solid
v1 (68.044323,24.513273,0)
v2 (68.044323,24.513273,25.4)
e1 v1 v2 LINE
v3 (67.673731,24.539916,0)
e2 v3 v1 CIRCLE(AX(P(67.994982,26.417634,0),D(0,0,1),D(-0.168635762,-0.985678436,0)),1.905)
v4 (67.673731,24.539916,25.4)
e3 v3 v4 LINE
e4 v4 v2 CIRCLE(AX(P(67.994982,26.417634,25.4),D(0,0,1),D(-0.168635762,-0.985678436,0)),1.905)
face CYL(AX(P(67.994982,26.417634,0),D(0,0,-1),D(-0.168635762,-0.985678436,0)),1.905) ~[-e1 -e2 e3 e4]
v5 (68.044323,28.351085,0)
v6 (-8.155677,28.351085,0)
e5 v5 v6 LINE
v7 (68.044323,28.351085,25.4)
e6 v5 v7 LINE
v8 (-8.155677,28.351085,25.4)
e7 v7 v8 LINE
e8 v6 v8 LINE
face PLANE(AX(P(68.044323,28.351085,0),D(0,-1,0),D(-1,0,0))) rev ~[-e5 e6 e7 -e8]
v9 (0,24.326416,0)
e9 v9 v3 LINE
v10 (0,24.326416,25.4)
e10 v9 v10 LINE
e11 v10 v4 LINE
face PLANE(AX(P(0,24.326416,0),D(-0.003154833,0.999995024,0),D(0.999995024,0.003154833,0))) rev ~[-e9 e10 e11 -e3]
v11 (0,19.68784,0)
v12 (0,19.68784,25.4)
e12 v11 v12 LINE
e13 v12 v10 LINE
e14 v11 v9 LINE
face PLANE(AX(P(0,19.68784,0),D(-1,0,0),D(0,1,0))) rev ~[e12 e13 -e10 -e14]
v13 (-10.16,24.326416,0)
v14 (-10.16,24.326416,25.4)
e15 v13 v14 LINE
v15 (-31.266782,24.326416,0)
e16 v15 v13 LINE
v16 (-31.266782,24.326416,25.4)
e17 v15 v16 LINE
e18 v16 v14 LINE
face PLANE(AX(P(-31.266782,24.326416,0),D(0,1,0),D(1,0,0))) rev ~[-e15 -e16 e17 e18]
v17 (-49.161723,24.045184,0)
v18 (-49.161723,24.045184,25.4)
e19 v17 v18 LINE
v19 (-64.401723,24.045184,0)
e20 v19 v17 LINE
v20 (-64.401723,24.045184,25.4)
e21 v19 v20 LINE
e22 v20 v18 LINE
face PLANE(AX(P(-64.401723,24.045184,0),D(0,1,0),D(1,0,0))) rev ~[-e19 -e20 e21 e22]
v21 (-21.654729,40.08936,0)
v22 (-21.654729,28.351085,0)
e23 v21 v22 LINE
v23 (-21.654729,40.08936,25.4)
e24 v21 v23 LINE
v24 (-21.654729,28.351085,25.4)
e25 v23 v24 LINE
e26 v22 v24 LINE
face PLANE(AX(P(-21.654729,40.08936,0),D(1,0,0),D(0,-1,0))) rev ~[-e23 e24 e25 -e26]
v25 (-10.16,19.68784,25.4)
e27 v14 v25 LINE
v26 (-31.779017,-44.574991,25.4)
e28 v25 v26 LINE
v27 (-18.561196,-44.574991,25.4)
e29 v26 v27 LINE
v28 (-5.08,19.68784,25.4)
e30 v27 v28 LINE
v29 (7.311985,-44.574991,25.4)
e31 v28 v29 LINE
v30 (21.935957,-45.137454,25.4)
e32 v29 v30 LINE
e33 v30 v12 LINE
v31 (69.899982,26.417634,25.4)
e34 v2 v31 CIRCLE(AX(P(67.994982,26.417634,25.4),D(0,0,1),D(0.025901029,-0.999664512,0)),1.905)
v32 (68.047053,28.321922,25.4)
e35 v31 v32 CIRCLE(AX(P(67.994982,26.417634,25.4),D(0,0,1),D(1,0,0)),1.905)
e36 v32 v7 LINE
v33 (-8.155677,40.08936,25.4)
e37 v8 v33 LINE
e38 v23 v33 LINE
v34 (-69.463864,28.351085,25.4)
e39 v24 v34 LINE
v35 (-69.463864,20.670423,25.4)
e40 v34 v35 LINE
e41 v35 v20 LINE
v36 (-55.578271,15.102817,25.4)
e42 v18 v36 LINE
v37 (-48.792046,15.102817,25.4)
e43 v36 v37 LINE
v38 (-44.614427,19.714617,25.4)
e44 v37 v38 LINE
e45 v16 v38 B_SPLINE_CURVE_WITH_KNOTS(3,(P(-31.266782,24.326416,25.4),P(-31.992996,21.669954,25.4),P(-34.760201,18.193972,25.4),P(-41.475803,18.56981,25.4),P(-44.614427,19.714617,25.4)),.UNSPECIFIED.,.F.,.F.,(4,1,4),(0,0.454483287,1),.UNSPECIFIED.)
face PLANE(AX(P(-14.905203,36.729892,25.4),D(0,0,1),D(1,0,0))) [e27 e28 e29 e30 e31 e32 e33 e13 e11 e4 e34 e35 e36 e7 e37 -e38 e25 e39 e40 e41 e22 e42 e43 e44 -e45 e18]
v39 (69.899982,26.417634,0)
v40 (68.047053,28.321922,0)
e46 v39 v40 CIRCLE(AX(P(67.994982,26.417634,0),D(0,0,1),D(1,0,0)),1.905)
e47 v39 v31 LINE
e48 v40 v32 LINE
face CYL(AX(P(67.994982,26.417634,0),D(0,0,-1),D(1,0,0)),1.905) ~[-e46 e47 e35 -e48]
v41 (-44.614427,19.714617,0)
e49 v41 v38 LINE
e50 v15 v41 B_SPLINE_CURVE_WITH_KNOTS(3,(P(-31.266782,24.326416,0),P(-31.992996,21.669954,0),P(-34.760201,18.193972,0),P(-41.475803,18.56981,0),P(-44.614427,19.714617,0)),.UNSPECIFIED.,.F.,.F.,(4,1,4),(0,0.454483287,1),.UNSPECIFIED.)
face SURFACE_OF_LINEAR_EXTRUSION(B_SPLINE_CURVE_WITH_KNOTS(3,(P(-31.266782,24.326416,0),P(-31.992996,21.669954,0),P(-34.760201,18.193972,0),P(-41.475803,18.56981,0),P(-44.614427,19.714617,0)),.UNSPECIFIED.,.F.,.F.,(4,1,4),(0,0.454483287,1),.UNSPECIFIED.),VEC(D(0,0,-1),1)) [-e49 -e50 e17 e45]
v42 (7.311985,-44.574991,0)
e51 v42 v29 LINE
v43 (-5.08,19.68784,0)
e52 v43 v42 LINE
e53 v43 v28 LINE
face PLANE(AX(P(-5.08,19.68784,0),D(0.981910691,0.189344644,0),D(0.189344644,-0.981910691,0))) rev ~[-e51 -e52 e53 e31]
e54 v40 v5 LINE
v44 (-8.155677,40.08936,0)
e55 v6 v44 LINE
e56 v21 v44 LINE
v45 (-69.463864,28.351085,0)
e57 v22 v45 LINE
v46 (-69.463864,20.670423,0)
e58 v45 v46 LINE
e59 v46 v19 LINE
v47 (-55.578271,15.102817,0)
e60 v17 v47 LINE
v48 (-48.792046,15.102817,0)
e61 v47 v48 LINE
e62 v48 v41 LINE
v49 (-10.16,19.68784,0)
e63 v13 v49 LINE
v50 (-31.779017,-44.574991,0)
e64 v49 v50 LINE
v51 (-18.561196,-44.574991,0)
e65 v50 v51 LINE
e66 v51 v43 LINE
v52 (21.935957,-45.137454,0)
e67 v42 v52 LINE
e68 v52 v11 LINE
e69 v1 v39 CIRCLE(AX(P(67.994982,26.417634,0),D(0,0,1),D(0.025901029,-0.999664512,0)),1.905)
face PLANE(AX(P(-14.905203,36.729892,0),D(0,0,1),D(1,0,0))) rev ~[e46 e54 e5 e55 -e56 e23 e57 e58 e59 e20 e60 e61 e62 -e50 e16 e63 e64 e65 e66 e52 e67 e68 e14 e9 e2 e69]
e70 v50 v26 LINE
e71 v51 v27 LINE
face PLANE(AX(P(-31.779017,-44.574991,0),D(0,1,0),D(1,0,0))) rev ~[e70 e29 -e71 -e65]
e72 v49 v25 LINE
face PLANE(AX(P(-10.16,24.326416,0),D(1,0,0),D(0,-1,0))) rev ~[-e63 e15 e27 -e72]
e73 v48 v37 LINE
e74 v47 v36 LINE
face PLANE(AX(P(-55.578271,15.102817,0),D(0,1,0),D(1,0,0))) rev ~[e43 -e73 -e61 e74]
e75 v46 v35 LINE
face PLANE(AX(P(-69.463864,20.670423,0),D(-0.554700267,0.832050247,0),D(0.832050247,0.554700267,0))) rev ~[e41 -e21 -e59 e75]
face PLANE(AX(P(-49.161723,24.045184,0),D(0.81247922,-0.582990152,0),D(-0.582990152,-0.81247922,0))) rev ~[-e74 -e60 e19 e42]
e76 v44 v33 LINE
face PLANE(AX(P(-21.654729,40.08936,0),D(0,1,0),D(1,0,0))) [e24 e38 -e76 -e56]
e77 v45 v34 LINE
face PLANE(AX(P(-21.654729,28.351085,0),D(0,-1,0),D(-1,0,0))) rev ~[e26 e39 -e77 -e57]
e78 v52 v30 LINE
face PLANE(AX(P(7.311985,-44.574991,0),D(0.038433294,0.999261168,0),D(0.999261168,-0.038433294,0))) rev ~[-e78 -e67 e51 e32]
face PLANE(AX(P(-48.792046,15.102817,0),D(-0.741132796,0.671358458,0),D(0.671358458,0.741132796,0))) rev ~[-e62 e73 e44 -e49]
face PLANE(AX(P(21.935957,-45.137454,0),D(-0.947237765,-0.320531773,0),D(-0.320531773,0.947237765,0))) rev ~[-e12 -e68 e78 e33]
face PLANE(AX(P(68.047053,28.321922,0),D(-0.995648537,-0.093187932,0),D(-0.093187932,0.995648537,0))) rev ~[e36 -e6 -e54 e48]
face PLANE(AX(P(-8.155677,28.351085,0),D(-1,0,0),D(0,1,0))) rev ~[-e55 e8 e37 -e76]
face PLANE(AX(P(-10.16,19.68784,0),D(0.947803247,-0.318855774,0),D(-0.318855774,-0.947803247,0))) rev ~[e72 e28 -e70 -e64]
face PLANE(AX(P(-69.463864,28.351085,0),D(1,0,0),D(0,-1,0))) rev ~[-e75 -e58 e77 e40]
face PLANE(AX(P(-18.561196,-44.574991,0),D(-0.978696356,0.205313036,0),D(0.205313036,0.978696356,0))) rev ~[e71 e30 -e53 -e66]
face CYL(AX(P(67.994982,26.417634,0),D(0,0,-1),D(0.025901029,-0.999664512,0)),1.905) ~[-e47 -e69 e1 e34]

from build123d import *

# Parameters (mm, degrees)
F0_W     = 13.4990522638
F0_H     = 6.7189366567
F0_H_2   = 5.0193380237
F1_DEPTH = 25.4


with BuildPart() as f1:
    # F0 (on Top) → F1 (new body)
    with BuildSketch(Plane.XY):
        with Locations((-14.9052026682, 36.7298916125)):
            Rectangle(F0_W, F0_H)
        Polygon((-49.1617234445, 24.0451842546), (-46.0720470312, 28.3510852605), (-69.4638639688, 28.3510852605), (-69.4638639688, 20.6704232842), (-64.4017234445, 24.0451842546), align=None)
        Polygon((-18.5611955822, -44.5749908686), (-5.08, 19.6878403194), (-10.16, 19.6878403194), (-31.7790172994, -44.5749908686), align=None)
        Polygon((21.9359565526, -45.1374538243), (0, 19.6878403194), (-5.08, 19.6878403194), (7.3119853623, -44.5749908686), align=None)
        with Locations((-14.9052026682, 30.8607542723)):
            Rectangle(F0_W, F0_H_2)
        with BuildLine():
            Line((-41.9020165778, 22.7089282594), (-44.6144271886, 19.7146166008))
            add(Edge.make_bspline(
                [(-31.2667824328, 24.3264157325), (-31.9929960152, 21.6699538462), (-34.7602014448, 18.1939718361), (-41.4758034197, 18.5698095031), (-44.6144271886, 19.7146166008)],
                knots=[0, 0, 0, 0, 0.4544832874, 1, 1, 1, 1], degree=3))
            Line((-31.2667824328, 24.3264157325), (-37.5335417804, 24.3264157325))
            add(Edge.make_bspline(
                [(-37.5335417804, 24.3264157325), (-36.8480037486, 22.5468860707), (-34.5986306719, 21.0862357426), (-37.8524884582, 21.3479679078), (-41.9020165778, 22.7089282594)],
                knots=[0, 0, 0, 0, 0.4183773916, 1, 1, 1, 1], degree=3))
        make_face()
        Polygon((0, 19.6878403194), (0, 24.3264157325), (-10.16, 24.3264157325), (-10.16, 19.6878403194), (-5.08, 19.6878403194), align=None)
        with BuildLine():
            Line((-8.1556765363, 28.3510852605), (-21.6547288001, 28.3510852605))
            Line((-21.6547288001, 28.3510852605), (-46.0720470312, 28.3510852605))
            Line((-46.0720470312, 28.3510852605), (-49.1617234445, 24.0451842546))
            Line((-49.1617234445, 24.0451842546), (-55.57827127, 15.1028174692))
            Line((-55.57827127, 15.1028174692), (-48.7920460626, 15.1028174692))
            Line((-48.7920460626, 15.1028174692), (-44.6144271886, 19.7146166008))
            Line((-44.6144271886, 19.7146166008), (-41.9020165778, 22.7089282594))
            Line((-41.9020165778, 22.7089282594), (-40.4368083146, 24.3264157325))
            Line((-40.4368083146, 24.3264157325), (-37.5335417804, 24.3264157325))
            Line((-37.5335417804, 24.3264157325), (-31.2667824328, 24.3264157325))
            Line((-31.2667824328, 24.3264157325), (-10.16, 24.3264157325))
            Line((-10.16, 24.3264157325), (0, 24.3264157325))
            Line((0, 24.3264157325), (67.6737308797, 24.5399160971))
            ThreePointArc((67.6737308797, 24.5399160971), (66.0991955865, 26.6047667833), (68.04705303, 28.3219217342))
            Line((68.04705303, 28.3219217342), (68.0443234637, 28.3510852605))
            Line((68.0443234637, 28.3510852605), (-8.1556765363, 28.3510852605))
        make_face()
        with BuildLine():
            Line((-40.4368083146, 24.3264157325), (-41.9020165778, 22.7089282594))
            add(Edge.make_bspline(
                [(-37.5335417804, 24.3264157325), (-36.8480037486, 22.5468860707), (-34.5986306719, 21.0862357426), (-37.8524884582, 21.3479679078), (-41.9020165778, 22.7089282594)],
                knots=[0, 0, 0, 0, 0.4183773916, 1, 1, 1, 1], degree=3))
            Line((-37.5335417804, 24.3264157325), (-40.4368083146, 24.3264157325))
        make_face()
        with BuildLine():
            ThreePointArc((69.8999820042, 26.4176335186), (69.3603061972, 27.7461344963), (68.04705303, 28.3219217342))
            ThreePointArc((68.04705303, 28.3219217342), (66.0991955865, 26.6047667833), (67.6737308797, 24.5399160971))
            Line((67.6737308797, 24.5399160971), (68.0443234637, 24.5410852605))
            Line((68.0443234637, 24.5410852605), (68.0443234637, 24.5132726231))
            ThreePointArc((68.0443234637, 24.5132726231), (69.3593537425, 25.0881543876), (69.8999820042, 26.4176335186))
        make_face()
        with BuildLine():
            Line((68.0443234637, 24.5410852605), (67.6737308797, 24.5399160971))
            ThreePointArc((67.6737308797, 24.5399160971), (67.8583760557, 24.5175377802), (68.0443234637, 24.5132726231))
            Line((68.0443234637, 24.5132726231), (68.0443234637, 24.5410852605))
        make_face()
    extrude(amount=F1_DEPTH)


solid = f1.part
